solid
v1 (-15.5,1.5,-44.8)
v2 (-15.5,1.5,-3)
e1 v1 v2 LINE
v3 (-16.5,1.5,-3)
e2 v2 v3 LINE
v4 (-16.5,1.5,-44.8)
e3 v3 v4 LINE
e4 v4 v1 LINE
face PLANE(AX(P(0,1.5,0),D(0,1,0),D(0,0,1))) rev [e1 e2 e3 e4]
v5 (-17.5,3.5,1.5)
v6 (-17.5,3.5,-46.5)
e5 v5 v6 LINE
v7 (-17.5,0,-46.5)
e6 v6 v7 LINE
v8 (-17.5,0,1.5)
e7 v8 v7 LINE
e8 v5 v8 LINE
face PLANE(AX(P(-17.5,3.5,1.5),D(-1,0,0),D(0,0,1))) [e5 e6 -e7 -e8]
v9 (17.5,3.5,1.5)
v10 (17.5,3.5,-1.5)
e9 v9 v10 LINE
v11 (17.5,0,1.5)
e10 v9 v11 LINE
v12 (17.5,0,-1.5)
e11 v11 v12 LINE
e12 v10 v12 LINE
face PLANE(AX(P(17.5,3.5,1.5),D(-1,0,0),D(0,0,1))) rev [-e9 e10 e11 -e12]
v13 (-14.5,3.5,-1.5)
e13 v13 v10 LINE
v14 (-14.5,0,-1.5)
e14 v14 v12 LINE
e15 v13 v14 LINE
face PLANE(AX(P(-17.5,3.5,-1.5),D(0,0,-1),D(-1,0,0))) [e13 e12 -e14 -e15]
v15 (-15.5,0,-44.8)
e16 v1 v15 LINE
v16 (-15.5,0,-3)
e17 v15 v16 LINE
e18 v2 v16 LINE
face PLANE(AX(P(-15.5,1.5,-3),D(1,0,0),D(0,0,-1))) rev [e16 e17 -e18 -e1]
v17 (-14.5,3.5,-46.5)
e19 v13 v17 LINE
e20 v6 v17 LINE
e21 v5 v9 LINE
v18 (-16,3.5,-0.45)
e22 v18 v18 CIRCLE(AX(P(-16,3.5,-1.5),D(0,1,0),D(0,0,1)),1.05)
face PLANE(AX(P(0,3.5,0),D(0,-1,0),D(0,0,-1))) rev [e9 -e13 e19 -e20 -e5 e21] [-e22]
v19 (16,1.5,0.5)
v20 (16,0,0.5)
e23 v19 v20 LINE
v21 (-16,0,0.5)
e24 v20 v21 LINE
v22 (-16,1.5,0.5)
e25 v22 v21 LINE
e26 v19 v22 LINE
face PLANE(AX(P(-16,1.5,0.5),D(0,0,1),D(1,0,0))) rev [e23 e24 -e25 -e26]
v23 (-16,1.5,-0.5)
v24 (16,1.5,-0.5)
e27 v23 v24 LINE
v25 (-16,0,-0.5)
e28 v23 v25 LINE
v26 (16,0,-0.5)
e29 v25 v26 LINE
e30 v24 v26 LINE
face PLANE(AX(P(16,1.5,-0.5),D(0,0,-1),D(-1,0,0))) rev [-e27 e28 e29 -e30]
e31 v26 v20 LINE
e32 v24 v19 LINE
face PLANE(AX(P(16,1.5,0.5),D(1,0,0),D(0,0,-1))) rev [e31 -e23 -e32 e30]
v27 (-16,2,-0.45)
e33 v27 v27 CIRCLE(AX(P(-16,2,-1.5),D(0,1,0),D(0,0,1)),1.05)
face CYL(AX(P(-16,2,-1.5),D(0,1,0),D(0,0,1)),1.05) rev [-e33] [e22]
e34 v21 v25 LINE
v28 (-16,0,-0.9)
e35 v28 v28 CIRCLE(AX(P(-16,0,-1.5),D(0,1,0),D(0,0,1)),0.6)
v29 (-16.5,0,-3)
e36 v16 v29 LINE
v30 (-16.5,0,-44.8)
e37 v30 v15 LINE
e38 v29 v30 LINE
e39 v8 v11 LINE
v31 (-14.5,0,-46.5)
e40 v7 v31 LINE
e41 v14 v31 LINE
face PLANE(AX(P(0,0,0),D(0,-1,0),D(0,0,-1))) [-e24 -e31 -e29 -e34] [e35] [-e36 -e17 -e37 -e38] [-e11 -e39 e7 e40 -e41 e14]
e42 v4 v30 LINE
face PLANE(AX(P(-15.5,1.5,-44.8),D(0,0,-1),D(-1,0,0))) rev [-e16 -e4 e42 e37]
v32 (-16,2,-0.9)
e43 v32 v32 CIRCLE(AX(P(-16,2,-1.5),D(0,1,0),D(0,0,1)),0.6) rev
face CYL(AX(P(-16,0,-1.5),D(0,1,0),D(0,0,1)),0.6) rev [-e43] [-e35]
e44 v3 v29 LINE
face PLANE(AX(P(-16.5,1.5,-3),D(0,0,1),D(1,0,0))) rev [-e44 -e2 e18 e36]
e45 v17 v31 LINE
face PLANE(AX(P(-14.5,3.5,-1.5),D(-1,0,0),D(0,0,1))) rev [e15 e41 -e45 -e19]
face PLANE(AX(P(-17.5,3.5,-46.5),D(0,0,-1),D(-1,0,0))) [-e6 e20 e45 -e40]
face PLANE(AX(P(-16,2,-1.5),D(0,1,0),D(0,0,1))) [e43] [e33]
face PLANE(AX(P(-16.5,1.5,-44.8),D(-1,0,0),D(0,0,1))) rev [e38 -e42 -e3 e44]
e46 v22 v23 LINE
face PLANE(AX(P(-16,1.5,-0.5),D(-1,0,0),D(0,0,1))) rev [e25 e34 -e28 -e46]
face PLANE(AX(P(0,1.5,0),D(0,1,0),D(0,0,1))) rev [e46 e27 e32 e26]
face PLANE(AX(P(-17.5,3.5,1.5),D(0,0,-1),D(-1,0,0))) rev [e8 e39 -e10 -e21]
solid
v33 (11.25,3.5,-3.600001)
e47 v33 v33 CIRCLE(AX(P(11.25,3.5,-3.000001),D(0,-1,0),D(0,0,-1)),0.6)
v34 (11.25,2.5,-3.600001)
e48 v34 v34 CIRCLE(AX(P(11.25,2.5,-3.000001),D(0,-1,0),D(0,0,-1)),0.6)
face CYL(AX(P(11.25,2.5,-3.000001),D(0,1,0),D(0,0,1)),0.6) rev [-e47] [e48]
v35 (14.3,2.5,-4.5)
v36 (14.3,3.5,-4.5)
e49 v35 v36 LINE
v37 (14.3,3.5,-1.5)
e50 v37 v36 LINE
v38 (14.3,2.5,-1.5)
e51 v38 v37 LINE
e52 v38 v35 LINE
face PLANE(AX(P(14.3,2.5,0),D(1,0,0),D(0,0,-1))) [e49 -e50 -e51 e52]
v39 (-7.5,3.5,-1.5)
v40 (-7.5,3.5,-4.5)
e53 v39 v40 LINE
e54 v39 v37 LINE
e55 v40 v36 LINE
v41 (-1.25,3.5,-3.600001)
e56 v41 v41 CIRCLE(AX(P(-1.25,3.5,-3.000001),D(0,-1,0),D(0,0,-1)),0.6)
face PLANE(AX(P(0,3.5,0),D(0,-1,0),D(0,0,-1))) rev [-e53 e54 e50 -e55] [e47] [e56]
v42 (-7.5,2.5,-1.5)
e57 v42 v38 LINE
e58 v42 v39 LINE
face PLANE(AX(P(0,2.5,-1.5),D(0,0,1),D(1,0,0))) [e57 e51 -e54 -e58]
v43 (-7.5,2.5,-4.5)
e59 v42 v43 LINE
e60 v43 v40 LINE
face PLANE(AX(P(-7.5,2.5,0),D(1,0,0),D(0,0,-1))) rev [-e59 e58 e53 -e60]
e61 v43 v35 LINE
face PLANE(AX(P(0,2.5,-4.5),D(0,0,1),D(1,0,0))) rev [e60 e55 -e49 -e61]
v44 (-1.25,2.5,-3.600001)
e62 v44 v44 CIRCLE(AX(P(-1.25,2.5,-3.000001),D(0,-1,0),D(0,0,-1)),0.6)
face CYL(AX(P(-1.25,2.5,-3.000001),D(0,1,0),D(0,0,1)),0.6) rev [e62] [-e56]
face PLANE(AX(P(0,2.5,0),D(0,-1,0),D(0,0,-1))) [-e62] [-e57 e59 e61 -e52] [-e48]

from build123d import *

# Parameters (mm, degrees)
EXTRUDE_1_DEPTH     = 3.5
SKETCH_2_W          = 1
SKETCH_2_H          = 41.8
SKETCH_2_W_2        = 32
SKETCH_2_H_2        = 1
CUT_EXTRUDE_1_DEPTH = 1.5
SKETCH_3_R          = 0.6
CUT_EXTRUDE_2_DEPTH = 50.807128004
SKETCH_3_4_R        = 1.05
CUT_EXTRUDE_5_DEPTH = 1.5
EXTRUDE_START       = -3.5
SKETCH_4_W          = 21.8
SKETCH_4_H          = 3
SKETCH_4_R          = 1
SKETCH_4_R_2        = 0.6
EXTRUDE_2_DEPTH     = 1


with BuildPart() as part:
    # 草图1 → 凸台-拉伸1 (new body)
    with BuildSketch(Plane(origin=(0, 0, 0), x_dir=(1, 0, 0), z_dir=(0, 1, 0))):
        Polygon((-17.5, -1.5), (17.5, -1.5), (17.5, 1.5), (-14.5, 1.5), (-14.5, 46.5), (-17.5, 46.5), align=None)
    extrude(amount=EXTRUDE_1_DEPTH)

    # 草图2 → 切除-拉伸1 (cut)
    with BuildSketch(Plane.XZ):
        with Locations((-16, -23.9)):
            Rectangle(SKETCH_2_W, SKETCH_2_H)
        Rectangle(SKETCH_2_W_2, SKETCH_2_H_2)
    extrude(amount=-CUT_EXTRUDE_1_DEPTH, mode=Mode.SUBTRACT)

    # 草图3 → 切除-拉伸2 (cut, through all)
    with BuildSketch(Plane(origin=(0, 3.5, 0), x_dir=(1, 0, 0), z_dir=(0, 1, 0))):
        with Locations(Location((-16, 1.5, 0), (0, 0, 270))):
            Circle(SKETCH_3_R)
    extrude(amount=-CUT_EXTRUDE_2_DEPTH, mode=Mode.SUBTRACT)

    # 草图3<4> → 切除-拉伸5 (cut)
    with BuildSketch(Plane(origin=(0, 3.5, 0), x_dir=(1, 0, 0), z_dir=(0, 1, 0))):
        with Locations(Location((-16, 1.5, 0), (0, 0, 270))):
            Circle(SKETCH_3_4_R)
    extrude(amount=-CUT_EXTRUDE_5_DEPTH, mode=Mode.SUBTRACT)


with BuildPart() as body_2:
    # 草图4 → 凸台-拉伸2 (new body)
    # profile 1 of 3: a face of its own
    with BuildSketch(Plane.XZ.offset(EXTRUDE_START)):
        with Locations((3.4, -3)):
            Rectangle(SKETCH_4_W, SKETCH_4_H)
        with Locations((-1.25, -3.000000894)):
            Circle(SKETCH_4_R, mode=Mode.SUBTRACT)
        with Locations((11.25, -3.000000894)):
            Circle(SKETCH_4_R, mode=Mode.SUBTRACT)
    # profile 2 of 3: a face of its own
    with BuildSketch(Plane.XZ.offset(EXTRUDE_START)):
        with Locations((-1.25, -3.000000894)):
            Circle(SKETCH_4_R)
        with Locations(Location((-1.25, -3.000000894, 0), (0, 0, 270))):
            Circle(SKETCH_4_R_2, mode=Mode.SUBTRACT)
    # profile 3 of 3: a face of its own
    with BuildSketch(Plane.XZ.offset(EXTRUDE_START)):
        with Locations((11.25, -3.000000894)):
            Circle(SKETCH_4_R)
        with Locations(Location((11.25, -3.000000894, 0), (0, 0, 270))):
            Circle(SKETCH_4_R_2, mode=Mode.SUBTRACT)
    extrude(amount=EXTRUDE_2_DEPTH)


solid = Compound([part.part, body_2.part])
